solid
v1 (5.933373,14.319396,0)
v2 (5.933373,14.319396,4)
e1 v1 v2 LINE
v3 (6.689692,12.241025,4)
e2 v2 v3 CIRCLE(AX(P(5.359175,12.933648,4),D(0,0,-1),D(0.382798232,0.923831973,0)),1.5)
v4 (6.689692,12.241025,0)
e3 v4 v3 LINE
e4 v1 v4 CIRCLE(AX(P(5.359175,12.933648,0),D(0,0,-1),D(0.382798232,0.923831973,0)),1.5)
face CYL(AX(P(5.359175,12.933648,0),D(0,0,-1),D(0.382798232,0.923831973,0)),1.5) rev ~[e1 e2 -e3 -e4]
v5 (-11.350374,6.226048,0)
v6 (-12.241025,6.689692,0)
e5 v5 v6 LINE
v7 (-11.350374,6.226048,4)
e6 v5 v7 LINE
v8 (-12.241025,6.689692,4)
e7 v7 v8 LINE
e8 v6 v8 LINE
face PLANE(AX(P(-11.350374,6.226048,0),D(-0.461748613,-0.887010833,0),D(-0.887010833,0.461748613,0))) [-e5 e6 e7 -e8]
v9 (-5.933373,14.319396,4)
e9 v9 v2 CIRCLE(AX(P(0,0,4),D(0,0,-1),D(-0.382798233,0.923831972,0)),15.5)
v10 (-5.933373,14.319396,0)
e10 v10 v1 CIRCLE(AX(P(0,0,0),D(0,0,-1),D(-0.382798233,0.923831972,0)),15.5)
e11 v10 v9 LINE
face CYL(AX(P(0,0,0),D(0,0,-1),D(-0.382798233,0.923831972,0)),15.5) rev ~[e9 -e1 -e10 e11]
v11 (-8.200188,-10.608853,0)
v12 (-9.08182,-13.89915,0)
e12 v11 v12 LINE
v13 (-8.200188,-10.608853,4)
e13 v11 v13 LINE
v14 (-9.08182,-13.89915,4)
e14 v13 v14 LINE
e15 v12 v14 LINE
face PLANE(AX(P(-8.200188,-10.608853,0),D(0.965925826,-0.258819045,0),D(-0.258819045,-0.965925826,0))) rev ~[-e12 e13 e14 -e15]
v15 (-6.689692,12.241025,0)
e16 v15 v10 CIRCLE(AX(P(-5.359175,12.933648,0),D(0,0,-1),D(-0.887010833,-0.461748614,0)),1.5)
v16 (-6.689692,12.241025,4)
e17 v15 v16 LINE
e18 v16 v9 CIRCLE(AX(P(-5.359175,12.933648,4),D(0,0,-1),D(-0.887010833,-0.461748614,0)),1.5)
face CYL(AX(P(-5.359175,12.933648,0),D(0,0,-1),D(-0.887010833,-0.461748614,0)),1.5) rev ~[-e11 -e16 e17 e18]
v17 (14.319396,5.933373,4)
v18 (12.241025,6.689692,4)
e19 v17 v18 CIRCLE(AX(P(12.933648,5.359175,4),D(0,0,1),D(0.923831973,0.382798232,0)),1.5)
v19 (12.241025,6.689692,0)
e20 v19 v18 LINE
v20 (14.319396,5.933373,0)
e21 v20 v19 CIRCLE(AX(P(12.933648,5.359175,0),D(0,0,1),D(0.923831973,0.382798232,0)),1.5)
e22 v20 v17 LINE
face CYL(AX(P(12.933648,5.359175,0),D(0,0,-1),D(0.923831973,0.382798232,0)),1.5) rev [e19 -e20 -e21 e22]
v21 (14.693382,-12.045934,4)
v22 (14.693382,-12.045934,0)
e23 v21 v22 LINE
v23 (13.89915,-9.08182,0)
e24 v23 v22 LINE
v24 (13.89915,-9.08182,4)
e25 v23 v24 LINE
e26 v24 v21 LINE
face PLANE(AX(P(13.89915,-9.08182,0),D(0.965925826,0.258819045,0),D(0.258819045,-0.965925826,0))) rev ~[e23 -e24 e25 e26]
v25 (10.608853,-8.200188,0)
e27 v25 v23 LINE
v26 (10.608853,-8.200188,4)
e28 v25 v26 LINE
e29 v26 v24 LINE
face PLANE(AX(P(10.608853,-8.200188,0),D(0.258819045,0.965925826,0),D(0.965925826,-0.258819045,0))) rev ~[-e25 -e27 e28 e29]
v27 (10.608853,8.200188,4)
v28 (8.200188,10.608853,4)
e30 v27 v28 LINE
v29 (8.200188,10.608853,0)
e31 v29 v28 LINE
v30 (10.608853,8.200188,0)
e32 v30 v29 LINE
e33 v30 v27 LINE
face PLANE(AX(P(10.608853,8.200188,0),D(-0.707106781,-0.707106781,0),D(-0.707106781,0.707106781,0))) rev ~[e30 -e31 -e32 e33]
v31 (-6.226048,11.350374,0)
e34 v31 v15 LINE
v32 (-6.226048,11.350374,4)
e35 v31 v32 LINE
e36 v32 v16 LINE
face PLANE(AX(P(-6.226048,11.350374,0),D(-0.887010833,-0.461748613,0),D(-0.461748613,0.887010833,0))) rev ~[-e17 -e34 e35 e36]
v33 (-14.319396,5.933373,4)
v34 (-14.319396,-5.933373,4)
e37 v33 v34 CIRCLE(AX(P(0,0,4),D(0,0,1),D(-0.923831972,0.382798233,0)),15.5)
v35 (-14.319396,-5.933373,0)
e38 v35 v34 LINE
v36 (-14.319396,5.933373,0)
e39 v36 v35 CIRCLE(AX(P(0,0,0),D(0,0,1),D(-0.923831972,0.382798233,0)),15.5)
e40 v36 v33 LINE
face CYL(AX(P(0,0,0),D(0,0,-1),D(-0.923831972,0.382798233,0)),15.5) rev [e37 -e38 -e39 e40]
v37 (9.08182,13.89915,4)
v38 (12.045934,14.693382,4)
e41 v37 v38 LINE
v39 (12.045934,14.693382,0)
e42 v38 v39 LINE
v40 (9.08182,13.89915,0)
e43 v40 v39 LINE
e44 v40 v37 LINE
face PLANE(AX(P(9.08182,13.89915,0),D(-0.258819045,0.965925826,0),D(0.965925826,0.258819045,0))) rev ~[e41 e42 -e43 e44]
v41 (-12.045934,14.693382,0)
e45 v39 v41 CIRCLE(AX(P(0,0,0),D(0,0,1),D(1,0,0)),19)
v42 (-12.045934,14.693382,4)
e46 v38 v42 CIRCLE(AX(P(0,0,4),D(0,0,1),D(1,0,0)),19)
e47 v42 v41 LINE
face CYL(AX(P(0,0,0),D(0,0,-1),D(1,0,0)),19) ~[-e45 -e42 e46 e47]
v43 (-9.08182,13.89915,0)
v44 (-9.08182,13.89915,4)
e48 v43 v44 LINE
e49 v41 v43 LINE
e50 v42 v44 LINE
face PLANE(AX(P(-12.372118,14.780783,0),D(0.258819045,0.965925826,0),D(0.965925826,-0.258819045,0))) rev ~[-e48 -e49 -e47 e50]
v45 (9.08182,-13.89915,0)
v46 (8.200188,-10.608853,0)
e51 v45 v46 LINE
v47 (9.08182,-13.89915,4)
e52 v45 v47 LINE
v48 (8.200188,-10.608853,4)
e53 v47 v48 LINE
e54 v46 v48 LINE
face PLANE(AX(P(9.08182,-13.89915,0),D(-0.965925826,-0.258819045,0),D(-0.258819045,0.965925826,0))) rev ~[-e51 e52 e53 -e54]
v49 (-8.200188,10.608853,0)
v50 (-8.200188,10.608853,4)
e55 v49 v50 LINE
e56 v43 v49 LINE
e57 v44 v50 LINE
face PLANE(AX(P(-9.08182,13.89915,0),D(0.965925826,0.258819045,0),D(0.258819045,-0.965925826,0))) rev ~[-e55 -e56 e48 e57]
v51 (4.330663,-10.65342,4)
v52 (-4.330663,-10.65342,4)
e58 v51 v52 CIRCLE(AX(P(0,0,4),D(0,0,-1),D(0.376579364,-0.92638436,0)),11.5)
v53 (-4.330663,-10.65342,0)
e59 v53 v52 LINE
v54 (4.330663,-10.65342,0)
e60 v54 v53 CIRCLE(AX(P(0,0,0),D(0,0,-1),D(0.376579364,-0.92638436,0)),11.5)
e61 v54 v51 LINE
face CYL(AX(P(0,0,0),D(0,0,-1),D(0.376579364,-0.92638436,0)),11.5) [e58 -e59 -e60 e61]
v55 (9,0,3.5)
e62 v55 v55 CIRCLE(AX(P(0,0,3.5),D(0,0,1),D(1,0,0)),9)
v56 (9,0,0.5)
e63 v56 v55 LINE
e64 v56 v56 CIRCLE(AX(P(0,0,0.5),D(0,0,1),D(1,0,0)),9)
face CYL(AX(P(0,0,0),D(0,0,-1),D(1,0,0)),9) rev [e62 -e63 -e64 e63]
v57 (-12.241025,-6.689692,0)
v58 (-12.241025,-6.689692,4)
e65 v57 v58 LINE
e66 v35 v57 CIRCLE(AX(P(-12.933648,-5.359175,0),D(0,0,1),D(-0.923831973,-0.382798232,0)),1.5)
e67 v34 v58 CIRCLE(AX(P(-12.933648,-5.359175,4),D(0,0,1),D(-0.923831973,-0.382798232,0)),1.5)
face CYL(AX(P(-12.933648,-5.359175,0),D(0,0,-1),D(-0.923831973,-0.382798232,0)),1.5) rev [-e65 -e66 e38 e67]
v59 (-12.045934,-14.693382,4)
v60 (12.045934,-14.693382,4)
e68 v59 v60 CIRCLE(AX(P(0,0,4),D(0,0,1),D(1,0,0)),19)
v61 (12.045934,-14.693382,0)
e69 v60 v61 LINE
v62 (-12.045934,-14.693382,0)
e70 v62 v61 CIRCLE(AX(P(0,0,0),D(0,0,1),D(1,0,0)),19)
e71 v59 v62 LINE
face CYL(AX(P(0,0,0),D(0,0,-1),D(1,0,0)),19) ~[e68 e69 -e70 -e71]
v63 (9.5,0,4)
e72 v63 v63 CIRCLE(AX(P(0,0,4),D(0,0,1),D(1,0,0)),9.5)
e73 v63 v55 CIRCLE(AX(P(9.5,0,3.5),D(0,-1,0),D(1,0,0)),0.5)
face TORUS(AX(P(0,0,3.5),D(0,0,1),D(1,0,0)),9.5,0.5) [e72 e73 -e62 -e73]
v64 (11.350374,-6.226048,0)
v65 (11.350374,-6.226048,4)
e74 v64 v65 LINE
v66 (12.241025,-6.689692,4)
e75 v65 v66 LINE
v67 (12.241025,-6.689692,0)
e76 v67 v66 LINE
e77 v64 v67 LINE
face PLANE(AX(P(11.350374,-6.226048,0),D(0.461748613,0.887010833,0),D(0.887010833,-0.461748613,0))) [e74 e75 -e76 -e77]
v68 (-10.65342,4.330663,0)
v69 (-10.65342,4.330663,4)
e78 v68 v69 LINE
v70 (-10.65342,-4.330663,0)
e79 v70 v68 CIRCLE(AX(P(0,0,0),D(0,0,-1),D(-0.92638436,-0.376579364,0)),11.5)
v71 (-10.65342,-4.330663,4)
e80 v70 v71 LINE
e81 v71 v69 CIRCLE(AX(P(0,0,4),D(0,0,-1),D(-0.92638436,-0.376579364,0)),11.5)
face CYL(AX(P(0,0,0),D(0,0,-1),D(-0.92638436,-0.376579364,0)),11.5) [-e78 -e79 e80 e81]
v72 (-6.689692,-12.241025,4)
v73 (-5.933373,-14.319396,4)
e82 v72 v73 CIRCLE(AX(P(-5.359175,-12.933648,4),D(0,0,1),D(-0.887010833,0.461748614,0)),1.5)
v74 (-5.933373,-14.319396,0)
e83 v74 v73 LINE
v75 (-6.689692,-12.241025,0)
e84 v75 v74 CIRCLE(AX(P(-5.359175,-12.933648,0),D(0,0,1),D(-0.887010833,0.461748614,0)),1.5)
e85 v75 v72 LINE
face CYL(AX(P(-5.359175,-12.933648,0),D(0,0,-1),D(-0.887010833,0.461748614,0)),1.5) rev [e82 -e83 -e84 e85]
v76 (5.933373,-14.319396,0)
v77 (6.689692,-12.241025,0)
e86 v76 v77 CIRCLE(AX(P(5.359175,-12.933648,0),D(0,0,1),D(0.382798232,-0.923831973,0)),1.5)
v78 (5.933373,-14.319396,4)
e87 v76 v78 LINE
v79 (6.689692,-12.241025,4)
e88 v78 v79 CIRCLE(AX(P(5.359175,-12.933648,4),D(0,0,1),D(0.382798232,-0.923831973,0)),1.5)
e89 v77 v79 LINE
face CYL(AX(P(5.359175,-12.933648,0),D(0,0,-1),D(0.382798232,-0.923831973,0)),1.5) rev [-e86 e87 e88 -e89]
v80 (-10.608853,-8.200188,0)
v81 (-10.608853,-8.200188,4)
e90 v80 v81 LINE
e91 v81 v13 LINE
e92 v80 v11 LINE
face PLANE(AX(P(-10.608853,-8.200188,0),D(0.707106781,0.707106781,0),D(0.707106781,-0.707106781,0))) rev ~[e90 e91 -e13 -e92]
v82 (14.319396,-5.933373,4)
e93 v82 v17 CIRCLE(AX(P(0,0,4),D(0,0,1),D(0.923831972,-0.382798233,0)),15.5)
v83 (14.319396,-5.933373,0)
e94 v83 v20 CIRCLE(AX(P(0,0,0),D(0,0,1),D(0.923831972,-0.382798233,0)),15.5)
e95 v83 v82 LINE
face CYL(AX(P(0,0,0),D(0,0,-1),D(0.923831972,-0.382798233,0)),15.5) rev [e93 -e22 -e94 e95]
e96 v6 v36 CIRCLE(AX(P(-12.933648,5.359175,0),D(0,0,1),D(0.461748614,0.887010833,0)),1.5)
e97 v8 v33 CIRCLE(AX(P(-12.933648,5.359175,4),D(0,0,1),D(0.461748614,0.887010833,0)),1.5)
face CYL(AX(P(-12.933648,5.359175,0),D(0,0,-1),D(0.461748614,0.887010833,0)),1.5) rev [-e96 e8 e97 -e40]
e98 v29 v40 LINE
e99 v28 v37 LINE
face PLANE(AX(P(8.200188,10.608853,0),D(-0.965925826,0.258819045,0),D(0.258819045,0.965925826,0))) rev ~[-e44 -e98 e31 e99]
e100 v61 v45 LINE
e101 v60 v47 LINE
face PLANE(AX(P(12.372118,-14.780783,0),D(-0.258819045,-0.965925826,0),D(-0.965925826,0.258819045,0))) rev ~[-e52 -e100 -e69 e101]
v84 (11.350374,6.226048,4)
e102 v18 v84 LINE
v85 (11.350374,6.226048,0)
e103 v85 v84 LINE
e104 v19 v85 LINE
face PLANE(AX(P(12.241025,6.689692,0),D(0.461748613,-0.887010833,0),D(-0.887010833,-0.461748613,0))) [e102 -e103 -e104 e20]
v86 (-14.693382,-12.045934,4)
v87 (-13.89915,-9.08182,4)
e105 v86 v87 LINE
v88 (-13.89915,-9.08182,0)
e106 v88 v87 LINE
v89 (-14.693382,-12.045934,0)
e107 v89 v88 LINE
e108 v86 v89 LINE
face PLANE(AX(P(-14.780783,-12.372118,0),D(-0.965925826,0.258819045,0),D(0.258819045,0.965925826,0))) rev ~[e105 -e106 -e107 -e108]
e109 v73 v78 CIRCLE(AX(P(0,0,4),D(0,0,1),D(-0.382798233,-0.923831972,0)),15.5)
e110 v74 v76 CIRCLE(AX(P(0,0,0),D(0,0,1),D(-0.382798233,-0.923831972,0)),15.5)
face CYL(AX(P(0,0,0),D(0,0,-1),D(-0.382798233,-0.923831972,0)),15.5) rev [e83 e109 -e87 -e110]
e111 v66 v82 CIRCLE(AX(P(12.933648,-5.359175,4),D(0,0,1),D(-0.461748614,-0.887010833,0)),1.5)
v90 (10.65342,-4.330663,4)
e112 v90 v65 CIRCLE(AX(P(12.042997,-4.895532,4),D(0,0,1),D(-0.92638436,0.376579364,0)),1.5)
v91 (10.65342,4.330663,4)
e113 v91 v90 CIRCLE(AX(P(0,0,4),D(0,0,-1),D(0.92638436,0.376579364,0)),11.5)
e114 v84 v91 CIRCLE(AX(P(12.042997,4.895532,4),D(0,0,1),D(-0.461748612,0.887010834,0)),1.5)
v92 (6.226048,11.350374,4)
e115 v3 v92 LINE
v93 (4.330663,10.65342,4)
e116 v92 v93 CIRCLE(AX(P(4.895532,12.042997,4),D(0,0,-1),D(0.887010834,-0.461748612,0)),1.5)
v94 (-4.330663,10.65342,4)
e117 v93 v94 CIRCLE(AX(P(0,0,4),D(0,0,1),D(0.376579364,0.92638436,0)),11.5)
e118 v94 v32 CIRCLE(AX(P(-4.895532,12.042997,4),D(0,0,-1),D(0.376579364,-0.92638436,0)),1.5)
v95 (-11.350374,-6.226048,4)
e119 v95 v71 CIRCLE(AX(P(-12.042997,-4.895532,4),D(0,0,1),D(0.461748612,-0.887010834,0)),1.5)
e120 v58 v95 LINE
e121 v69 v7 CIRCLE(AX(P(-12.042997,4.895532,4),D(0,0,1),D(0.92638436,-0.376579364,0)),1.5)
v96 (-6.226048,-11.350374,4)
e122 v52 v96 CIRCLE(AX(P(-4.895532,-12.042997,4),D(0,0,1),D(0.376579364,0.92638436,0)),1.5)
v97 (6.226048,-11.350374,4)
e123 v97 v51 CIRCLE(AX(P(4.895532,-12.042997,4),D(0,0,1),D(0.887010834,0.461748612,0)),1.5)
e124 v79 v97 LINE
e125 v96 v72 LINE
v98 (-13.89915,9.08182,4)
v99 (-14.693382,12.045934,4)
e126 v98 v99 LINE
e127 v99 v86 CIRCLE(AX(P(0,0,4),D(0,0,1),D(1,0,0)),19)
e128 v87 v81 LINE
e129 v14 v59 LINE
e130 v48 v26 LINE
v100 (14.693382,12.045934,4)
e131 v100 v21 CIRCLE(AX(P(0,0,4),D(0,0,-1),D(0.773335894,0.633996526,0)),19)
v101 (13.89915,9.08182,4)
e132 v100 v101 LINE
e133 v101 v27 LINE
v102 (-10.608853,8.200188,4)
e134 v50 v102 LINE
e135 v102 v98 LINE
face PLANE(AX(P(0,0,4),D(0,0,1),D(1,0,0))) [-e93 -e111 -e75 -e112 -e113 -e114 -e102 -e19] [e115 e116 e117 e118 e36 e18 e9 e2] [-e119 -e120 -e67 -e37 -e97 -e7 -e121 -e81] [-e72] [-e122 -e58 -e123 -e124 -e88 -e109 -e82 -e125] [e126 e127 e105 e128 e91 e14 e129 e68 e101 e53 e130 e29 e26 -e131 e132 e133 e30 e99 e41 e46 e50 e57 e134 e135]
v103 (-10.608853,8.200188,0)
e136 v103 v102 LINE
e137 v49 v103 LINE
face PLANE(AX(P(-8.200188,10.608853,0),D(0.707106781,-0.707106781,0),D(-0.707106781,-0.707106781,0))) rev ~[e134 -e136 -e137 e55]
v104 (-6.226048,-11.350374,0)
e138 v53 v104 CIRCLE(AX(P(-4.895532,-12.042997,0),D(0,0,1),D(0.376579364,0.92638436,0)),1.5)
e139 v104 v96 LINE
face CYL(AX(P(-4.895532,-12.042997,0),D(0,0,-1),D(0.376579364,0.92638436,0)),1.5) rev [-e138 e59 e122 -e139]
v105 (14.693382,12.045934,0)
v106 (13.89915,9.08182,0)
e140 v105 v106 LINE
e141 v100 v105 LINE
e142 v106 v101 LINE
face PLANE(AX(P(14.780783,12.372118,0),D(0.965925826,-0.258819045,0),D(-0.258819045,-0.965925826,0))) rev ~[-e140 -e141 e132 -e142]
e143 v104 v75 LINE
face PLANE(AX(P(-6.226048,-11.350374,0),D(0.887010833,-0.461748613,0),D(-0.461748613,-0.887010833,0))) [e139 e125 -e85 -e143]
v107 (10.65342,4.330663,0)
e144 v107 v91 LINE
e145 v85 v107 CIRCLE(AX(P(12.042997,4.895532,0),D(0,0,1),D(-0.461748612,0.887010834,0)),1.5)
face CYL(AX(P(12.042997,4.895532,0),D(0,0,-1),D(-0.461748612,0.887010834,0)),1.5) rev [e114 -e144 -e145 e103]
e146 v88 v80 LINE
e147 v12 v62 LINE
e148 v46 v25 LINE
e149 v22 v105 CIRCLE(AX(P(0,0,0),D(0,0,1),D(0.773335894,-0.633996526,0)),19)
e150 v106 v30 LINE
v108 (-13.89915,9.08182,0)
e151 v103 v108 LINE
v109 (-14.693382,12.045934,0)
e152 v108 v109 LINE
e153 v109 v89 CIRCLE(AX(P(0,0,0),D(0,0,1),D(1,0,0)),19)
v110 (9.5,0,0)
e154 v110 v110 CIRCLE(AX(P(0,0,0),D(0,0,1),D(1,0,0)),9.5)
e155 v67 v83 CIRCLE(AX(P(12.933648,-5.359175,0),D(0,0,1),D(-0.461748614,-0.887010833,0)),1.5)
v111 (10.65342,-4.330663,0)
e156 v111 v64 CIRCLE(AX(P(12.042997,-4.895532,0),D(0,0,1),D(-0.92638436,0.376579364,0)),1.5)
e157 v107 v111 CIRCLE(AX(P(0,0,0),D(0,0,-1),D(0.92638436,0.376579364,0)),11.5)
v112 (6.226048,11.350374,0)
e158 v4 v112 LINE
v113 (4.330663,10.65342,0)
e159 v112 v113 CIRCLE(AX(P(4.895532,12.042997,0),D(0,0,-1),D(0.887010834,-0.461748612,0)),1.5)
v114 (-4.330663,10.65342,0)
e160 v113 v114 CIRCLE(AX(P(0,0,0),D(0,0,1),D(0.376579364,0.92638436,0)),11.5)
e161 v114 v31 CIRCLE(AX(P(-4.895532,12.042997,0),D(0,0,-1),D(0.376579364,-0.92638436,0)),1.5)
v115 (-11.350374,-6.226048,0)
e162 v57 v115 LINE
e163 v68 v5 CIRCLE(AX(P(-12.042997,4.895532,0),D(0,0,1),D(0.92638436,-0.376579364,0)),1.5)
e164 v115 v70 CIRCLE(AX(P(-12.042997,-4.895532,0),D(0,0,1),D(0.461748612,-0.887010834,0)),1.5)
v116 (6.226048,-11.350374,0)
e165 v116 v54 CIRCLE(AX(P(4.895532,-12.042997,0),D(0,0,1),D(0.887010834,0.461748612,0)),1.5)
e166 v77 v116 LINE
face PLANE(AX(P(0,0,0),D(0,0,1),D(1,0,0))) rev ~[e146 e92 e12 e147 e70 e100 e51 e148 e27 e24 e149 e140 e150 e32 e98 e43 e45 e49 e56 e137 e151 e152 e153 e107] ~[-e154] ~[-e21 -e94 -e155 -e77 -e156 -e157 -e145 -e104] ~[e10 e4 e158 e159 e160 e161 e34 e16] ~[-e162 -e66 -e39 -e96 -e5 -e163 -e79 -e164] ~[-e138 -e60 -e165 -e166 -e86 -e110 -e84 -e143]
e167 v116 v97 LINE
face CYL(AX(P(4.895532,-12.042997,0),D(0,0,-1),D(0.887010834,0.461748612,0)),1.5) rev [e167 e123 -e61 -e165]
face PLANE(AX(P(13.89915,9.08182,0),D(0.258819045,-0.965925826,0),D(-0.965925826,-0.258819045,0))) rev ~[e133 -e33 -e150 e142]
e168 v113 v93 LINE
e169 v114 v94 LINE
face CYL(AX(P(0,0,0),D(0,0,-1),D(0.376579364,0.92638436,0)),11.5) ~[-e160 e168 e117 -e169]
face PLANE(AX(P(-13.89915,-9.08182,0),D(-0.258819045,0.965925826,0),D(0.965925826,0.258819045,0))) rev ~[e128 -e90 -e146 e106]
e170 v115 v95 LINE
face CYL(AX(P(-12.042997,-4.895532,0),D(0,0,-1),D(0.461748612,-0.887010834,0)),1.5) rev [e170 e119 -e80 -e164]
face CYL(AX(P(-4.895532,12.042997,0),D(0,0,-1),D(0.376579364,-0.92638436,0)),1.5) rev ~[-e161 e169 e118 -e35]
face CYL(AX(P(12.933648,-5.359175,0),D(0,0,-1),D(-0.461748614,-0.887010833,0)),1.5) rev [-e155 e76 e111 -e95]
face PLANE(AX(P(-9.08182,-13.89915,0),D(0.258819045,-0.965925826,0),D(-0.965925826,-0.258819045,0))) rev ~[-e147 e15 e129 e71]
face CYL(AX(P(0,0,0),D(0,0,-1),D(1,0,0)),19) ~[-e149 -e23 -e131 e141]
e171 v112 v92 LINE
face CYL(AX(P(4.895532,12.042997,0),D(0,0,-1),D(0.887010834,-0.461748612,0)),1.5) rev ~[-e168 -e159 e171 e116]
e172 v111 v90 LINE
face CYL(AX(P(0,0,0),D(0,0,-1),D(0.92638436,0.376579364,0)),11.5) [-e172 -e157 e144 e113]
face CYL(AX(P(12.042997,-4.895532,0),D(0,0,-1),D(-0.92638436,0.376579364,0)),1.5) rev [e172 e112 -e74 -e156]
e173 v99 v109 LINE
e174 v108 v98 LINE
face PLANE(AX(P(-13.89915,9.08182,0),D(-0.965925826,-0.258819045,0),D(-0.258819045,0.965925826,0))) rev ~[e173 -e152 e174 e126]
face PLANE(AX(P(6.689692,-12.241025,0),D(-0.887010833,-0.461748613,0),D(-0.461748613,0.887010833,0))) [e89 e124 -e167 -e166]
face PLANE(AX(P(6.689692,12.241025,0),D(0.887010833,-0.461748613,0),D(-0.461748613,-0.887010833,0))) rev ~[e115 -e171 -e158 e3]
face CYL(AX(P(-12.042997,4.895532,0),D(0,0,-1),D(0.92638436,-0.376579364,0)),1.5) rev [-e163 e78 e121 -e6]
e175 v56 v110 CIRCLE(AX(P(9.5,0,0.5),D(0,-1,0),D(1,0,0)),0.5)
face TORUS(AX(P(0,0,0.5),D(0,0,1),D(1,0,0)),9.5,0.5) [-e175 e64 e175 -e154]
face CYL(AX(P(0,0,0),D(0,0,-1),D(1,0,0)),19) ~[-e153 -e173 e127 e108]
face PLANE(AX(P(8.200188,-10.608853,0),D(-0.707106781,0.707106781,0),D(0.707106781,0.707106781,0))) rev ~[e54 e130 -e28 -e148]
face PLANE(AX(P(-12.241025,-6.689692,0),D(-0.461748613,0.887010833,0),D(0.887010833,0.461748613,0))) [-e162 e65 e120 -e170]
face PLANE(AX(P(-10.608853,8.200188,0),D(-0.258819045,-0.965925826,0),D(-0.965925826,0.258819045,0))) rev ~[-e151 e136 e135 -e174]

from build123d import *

# Parameters (mm, degrees)
SKETCH1_R           = 19
SKETCH1_R_2         = 9
BOSS_EXTRUDE1_DEPTH = 4
CUT_EXTRUDE1_DEPTH  = 4
FILLET1_R           = 0.5


with BuildPart() as part:
    # Sketch1 → Boss-Extrude1 (new body)
    with BuildSketch(Plane.XY):
        Circle(SKETCH1_R)
        Circle(SKETCH1_R_2, mode=Mode.SUBTRACT)
        with BuildLine():
            Line((6.689691504, 12.241024694), (6.226047976, 11.350373764))
            ThreePointArc((6.226047976, 11.350373764), (5.41320923, 10.635157913), (4.330662681, 10.653420143))
            ThreePointArc((4.330662681, 10.653420143), (0, 11.5), (-4.330662681, 10.653420143))
            ThreePointArc((-4.330662681, 10.653420143), (-5.41320923, 10.635157913), (-6.226047976, 11.350373764))
            Line((-6.226047976, 11.350373764), (-6.689691504, 12.241024694))
            ThreePointArc((-6.689691504, 12.241024694), (-6.768746058, 13.446590252), (-5.933372603, 14.319395572))
            ThreePointArc((-5.933372603, 14.319395572), (0, 15.5), (5.933372603, 14.319395572))
            ThreePointArc((5.933372603, 14.319395572), (6.768746058, 13.446590252), (6.689691504, 12.241024694))
        make_face(mode=Mode.SUBTRACT)
        with BuildLine():
            Line((12.241024694, 6.689691504), (11.350373764, 6.226047976))
            ThreePointArc((11.350373764, 6.226047976), (10.635157913, 5.41320923), (10.653420143, 4.330662681))
            ThreePointArc((10.653420143, 4.330662681), (11.5, 0), (10.653420143, -4.330662681))
            ThreePointArc((10.653420143, -4.330662681), (10.635157913, -5.41320923), (11.350373764, -6.226047976))
            Line((11.350373764, -6.226047976), (12.241024694, -6.689691504))
            ThreePointArc((12.241024694, -6.689691504), (13.446590252, -6.768746058), (14.319395572, -5.933372603))
            ThreePointArc((14.319395572, -5.933372603), (15.5, 0), (14.319395572, 5.933372603))
            ThreePointArc((14.319395572, 5.933372603), (13.446590252, 6.768746058), (12.241024694, 6.689691504))
        make_face(mode=Mode.SUBTRACT)
        with BuildLine():
            Line((6.689691504, -12.241024694), (6.226047976, -11.350373764))
            ThreePointArc((6.226047976, -11.350373764), (5.41320923, -10.635157913), (4.330662681, -10.653420143))
            ThreePointArc((4.330662681, -10.653420143), (0, -11.5), (-4.330662681, -10.653420143))
            ThreePointArc((-4.330662681, -10.653420143), (-5.41320923, -10.635157913), (-6.226047976, -11.350373764))
            Line((-6.226047976, -11.350373764), (-6.689691504, -12.241024694))
            ThreePointArc((-6.689691504, -12.241024694), (-6.768746058, -13.446590252), (-5.933372603, -14.319395572))
            ThreePointArc((-5.933372603, -14.319395572), (0, -15.5), (5.933372603, -14.319395572))
            ThreePointArc((5.933372603, -14.319395572), (6.768746058, -13.446590252), (6.689691504, -12.241024694))
        make_face(mode=Mode.SUBTRACT)
        with BuildLine():
            Line((-12.241024694, -6.689691504), (-11.350373764, -6.226047976))
            ThreePointArc((-11.350373764, -6.226047976), (-10.635157913, -5.41320923), (-10.653420143, -4.330662681))
            ThreePointArc((-10.653420143, -4.330662681), (-11.5, 0), (-10.653420143, 4.330662681))
            ThreePointArc((-10.653420143, 4.330662681), (-10.635157913, 5.41320923), (-11.350373764, 6.226047976))
            Line((-11.350373764, 6.226047976), (-12.241024694, 6.689691504))
            ThreePointArc((-12.241024694, 6.689691504), (-13.446590252, 6.768746058), (-14.319395572, 5.933372603))
            ThreePointArc((-14.319395572, 5.933372603), (-15.5, 0), (-14.319395572, -5.933372603))
            ThreePointArc((-14.319395572, -5.933372603), (-13.446590252, -6.768746058), (-12.241024694, -6.689691504))
        make_face(mode=Mode.SUBTRACT)
    extrude(amount=BOSS_EXTRUDE1_DEPTH)

    # Sketch2 → Cut-Extrude1 (cut)
    with BuildSketch(Plane(origin=(0, 0, 0), x_dir=(-1, 0, 0), z_dir=(0, 0, -1))):
        Polygon((10.608852647, -8.200187733), (8.200187733, -10.608852647), (9.081820281, -13.899150108), (12.372117742, -14.780782656), (14.780782656, -12.372117742), (13.899150108, -9.081820281), align=None)
        Polygon((13.899150108, 9.081820281), (14.780782656, 12.372117742), (12.372117742, 14.780782656), (9.081820281, 13.899150108), (8.200187733, 10.608852647), (10.608852647, 8.200187733), align=None)
        Polygon((-8.200187733, -10.608852647), (-10.608852647, -8.200187733), (-13.899150108, -9.081820281), (-14.780782656, -12.372117742), (-12.372117742, -14.780782656), (-9.081820281, -13.899150108), align=None)
        Polygon((-10.608852647, 8.200187733), (-8.200187733, 10.608852647), (-9.081820281, 13.899150108), (-12.372117742, 14.780782656), (-14.780782656, 12.372117742), (-13.899150108, 9.081820281), align=None)
    extrude(amount=-CUT_EXTRUDE1_DEPTH, mode=Mode.SUBTRACT)

    # Fillet1
    fillet1_edges = [part.edges().sort_by_distance(p)[0] for p in [
        (-9, 0, 0),
        (-9, 0, 4),
    ]]
    fillet(fillet1_edges, radius=FILLET1_R)


solid = part.part
